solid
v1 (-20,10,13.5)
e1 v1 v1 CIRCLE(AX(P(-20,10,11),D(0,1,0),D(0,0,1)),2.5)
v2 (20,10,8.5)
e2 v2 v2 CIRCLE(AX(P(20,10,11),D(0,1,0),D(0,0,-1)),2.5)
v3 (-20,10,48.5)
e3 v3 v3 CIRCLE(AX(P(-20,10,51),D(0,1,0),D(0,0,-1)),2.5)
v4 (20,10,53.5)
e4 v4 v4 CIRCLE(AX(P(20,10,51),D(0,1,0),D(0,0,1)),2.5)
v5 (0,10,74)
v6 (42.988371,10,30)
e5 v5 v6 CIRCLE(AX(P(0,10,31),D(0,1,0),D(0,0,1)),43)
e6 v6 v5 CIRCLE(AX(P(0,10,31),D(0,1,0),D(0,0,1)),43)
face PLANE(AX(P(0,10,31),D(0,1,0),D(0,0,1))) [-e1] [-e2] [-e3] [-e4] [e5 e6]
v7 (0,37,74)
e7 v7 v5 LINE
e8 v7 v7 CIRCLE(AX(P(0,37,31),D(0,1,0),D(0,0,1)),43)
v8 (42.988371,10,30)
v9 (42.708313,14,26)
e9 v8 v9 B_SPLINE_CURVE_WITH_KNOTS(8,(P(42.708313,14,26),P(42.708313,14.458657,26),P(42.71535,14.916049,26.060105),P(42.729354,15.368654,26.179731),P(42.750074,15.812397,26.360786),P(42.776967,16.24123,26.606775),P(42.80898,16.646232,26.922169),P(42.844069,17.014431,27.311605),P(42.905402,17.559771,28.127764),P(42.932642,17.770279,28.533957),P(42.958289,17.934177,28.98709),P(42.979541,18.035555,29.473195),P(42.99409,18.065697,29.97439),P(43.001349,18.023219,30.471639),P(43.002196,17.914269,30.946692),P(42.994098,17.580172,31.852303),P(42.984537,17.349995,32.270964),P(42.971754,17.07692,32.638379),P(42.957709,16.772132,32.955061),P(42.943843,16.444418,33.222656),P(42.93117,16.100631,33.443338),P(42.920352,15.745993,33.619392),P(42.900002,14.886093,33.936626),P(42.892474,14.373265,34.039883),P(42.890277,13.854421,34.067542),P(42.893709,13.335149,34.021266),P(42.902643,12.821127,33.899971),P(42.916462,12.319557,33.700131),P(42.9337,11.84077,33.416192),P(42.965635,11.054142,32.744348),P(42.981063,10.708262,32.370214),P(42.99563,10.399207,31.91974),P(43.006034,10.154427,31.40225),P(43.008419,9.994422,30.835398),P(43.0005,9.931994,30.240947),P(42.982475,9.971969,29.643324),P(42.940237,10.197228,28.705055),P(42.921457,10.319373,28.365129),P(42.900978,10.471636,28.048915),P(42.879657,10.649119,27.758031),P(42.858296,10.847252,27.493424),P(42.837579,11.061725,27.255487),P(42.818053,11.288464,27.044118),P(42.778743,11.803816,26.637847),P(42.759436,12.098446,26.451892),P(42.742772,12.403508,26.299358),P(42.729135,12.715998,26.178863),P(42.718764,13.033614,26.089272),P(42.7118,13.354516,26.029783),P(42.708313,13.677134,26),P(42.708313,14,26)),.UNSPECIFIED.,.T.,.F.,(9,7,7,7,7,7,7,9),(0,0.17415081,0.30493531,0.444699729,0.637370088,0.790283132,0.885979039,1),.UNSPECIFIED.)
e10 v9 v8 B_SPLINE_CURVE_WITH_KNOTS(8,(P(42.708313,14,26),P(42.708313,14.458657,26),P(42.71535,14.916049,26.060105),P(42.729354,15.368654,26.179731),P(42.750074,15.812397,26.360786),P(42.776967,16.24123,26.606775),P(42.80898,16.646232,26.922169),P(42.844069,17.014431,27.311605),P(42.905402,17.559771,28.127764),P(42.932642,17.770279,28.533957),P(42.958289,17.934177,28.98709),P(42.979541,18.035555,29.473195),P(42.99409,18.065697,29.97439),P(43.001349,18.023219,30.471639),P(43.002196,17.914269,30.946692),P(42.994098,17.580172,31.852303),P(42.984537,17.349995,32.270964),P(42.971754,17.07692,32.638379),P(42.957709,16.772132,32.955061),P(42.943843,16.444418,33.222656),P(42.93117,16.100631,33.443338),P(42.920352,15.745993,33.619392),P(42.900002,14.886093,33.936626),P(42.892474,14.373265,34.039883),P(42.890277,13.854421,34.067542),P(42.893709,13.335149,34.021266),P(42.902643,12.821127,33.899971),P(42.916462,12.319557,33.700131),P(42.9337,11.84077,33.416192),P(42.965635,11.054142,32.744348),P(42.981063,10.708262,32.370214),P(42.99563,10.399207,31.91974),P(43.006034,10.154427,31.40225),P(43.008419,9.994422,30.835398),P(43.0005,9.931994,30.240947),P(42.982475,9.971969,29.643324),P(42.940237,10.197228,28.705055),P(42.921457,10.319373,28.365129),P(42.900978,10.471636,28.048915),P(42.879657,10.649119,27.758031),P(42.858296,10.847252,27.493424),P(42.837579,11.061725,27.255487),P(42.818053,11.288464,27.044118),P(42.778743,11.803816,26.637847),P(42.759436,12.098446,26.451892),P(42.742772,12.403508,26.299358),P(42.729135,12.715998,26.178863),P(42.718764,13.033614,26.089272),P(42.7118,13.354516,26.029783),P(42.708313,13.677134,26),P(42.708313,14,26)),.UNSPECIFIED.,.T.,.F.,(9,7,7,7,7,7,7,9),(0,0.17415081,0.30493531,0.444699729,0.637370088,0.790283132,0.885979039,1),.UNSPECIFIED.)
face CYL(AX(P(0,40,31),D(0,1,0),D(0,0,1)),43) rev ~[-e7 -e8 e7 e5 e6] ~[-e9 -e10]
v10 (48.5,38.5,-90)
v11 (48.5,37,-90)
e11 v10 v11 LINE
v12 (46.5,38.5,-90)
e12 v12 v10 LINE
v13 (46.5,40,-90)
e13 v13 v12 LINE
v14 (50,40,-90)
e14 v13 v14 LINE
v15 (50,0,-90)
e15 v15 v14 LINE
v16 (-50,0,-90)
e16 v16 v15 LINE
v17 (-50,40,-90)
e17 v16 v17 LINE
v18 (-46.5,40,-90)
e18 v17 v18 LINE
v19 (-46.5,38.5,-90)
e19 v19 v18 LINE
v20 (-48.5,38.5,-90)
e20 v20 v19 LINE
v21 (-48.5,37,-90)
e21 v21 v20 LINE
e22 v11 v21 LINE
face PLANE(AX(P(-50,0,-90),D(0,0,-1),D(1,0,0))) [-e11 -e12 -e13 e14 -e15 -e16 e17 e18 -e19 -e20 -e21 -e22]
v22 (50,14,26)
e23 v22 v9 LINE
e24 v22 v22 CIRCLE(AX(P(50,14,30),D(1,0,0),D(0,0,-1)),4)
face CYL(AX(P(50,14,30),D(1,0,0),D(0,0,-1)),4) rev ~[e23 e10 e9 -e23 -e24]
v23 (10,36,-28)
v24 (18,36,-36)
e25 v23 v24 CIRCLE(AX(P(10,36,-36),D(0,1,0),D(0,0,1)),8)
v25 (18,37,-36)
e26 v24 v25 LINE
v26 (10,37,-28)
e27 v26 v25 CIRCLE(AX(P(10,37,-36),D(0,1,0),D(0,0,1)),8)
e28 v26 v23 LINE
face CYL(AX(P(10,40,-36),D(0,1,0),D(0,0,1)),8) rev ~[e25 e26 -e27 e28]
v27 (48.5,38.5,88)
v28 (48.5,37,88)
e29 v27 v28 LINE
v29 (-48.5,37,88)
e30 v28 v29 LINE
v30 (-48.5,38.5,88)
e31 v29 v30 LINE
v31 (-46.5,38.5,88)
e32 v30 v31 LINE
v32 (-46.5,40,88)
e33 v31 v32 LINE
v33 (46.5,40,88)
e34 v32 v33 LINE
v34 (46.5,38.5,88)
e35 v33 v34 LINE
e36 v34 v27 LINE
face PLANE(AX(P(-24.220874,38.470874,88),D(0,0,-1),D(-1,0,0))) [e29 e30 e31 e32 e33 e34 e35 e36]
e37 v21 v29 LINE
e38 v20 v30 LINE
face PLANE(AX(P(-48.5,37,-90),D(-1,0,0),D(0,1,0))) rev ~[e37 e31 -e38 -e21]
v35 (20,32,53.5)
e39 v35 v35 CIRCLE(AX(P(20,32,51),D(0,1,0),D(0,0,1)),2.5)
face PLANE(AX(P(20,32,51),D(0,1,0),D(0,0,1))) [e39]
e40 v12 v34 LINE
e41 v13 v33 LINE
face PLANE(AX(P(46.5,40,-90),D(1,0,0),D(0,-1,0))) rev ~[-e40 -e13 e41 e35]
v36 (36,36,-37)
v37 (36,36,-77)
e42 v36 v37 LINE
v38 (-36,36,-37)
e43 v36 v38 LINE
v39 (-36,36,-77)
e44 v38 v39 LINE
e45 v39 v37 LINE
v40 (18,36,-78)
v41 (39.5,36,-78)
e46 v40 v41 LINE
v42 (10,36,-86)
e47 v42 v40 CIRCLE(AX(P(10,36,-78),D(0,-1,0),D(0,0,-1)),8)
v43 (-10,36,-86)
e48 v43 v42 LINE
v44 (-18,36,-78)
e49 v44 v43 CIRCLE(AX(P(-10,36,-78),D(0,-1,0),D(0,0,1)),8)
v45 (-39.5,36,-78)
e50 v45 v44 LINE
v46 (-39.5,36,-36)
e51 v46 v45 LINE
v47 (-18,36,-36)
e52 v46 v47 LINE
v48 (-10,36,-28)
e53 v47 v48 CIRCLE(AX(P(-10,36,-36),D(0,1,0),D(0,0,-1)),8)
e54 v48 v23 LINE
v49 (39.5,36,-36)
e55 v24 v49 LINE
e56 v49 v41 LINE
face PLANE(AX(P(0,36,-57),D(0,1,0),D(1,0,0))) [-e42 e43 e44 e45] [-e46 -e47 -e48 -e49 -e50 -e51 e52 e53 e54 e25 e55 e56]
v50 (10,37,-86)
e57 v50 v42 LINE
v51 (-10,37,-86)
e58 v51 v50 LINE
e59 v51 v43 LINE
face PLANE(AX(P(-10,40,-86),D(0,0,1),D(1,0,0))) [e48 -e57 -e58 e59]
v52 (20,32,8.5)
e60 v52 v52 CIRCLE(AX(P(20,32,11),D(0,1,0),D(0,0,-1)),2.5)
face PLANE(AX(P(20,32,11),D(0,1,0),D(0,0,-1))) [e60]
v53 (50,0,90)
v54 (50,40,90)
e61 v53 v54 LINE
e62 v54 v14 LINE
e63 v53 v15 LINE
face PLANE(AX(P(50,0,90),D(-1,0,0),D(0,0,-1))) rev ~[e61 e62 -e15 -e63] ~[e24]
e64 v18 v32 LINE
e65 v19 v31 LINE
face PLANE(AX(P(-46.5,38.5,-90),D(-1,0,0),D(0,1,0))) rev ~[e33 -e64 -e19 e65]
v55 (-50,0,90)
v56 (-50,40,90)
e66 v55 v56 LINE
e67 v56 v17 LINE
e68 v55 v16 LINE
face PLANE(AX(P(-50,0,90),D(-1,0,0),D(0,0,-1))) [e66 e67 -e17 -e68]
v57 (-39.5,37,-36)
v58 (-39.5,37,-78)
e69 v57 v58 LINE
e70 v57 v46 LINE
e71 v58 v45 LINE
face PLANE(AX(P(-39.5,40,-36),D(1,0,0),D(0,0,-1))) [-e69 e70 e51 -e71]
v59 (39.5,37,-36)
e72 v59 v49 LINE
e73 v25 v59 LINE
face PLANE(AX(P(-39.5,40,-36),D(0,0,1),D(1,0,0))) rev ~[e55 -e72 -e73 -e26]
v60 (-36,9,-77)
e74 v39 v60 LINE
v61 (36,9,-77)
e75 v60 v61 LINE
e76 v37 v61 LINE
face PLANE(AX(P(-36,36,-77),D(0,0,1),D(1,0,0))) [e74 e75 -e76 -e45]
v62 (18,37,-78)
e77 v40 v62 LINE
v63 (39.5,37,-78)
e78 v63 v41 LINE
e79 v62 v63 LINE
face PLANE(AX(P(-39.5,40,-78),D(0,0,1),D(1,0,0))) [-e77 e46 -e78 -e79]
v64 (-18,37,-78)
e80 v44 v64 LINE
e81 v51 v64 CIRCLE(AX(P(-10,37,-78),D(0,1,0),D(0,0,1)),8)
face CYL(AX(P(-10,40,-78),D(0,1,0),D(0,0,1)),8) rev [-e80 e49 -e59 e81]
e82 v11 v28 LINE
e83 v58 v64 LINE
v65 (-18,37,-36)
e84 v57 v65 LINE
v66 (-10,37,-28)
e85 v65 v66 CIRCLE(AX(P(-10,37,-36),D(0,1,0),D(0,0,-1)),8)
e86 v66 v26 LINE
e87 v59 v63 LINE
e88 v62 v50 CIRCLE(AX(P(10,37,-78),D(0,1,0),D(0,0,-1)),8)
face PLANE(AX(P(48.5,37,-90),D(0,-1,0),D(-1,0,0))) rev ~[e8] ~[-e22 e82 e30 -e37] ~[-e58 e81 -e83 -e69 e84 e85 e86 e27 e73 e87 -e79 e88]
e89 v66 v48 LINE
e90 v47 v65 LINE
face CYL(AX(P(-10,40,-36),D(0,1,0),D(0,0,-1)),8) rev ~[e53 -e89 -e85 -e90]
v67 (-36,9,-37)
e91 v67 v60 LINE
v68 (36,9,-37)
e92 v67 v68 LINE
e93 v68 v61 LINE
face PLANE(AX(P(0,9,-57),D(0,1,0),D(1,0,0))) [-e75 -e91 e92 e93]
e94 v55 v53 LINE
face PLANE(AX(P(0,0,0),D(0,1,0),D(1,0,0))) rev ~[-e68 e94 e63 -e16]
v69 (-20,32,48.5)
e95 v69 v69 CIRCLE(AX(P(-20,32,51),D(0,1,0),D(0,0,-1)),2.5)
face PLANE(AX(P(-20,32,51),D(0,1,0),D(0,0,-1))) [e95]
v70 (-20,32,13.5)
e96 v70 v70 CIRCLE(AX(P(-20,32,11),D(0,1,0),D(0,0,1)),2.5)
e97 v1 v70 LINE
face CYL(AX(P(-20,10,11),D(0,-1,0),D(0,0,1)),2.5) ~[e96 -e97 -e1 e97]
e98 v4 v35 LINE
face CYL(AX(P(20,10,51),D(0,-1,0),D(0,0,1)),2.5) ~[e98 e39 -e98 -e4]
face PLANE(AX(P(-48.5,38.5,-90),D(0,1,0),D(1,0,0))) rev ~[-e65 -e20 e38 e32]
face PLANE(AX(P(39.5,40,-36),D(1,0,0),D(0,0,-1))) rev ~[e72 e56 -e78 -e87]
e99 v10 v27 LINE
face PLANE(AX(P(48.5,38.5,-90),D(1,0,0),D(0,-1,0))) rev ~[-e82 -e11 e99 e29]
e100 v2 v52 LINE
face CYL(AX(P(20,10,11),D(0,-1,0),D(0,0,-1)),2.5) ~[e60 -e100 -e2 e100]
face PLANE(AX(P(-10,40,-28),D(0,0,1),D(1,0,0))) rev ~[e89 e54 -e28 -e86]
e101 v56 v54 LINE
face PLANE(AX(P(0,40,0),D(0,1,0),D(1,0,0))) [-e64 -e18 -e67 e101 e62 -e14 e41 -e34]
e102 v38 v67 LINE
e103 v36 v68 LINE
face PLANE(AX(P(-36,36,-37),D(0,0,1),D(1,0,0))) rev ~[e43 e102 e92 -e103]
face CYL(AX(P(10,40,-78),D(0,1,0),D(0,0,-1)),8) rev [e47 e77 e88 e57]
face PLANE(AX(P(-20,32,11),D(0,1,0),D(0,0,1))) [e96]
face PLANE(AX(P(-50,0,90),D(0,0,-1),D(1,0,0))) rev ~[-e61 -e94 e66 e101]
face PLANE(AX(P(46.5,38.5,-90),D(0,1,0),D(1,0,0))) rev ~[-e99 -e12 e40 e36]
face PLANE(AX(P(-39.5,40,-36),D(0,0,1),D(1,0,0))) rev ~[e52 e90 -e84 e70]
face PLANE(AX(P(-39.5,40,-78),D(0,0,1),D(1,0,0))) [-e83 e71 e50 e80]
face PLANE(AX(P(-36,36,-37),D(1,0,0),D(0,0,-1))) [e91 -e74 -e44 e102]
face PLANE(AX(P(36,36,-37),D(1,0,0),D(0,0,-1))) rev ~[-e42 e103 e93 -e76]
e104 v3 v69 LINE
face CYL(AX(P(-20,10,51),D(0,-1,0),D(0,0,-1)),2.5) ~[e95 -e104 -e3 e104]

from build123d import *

# Parameters (mm, degrees)
SKETCH_1_W               = 100
SKETCH_1_H               = 180
EXTRUDE_1_DEPTH          = 40
SKETCH_2_W               = 79
SKETCH_2_H               = 42
CUT_EXTRUDE_1_DEPTH      = 4
SKETCH_3_W               = 72
SKETCH_3_H               = 40
CUT_EXTRUDE_2_DEPTH      = 27
SKETCH_2_3_R             = 43
CUT_EXTRUDE_3_DEPTH      = 30
CUT_EXTRUDE_4_REACH      = 142.357
CUT_EXTRUDE_4_END_RADIUS = 43
SKETCH_4_R               = 4
SKETCH_5_R               = 2.5
EXTRUDE_2_DEPTH          = 22
CUT_EXTRUDE_5_DEPTH      = 4
CUT_EXTRUDE_6_DEPTH      = 178


with BuildPart() as part:
    # 草图1 → 凸台-拉伸1 (new body)
    with BuildSketch(Plane(origin=(0, 0, 0), x_dir=(1, 0, 0), z_dir=(0, 1, 0))):
        Rectangle(SKETCH_1_W, SKETCH_1_H)
    extrude(amount=EXTRUDE_1_DEPTH)

    # 草图2 → 切除-拉伸1 (cut)
    with BuildSketch(Plane(origin=(0, 40, 0), x_dir=(1, 0, 0), z_dir=(0, 1, 0))):
        with Locations((0, 57)):
            Rectangle(SKETCH_2_W, SKETCH_2_H)
    extrude(amount=-CUT_EXTRUDE_1_DEPTH, mode=Mode.SUBTRACT)

    # 草图3 → 切除-拉伸2 (cut)
    with BuildSketch(Plane(origin=(0, 36, 0), x_dir=(1, 0, 0), z_dir=(0, 1, 0))):
        with Locations((0, 57)):
            Rectangle(SKETCH_3_W, SKETCH_3_H)
    extrude(amount=-CUT_EXTRUDE_2_DEPTH, mode=Mode.SUBTRACT)

    # 草图2<3> → 切除-拉伸3 (cut)
    with BuildSketch(Plane(origin=(0, 40, 0), x_dir=(1, 0, 0), z_dir=(0, 1, 0))):
        with Locations(Location((0, -31, 0), (0, 0, 270))):
            Circle(SKETCH_2_3_R)
    extrude(amount=-CUT_EXTRUDE_3_DEPTH, mode=Mode.SUBTRACT)

    # 切除-拉伸4: up to this cylinder (the profile starts outside it)
    cut_extrude_4_end = Plane(origin=(0, 14, 31), z_dir=(0, 1, 0)) * Cylinder(CUT_EXTRUDE_4_END_RADIUS, 371.714, mode=Mode.PRIVATE)
    # 草图4 → 切除-拉伸4 (cut, up to the surface)
    with BuildSketch(Plane(origin=(50, 0, 0), x_dir=(0, 0, -1), z_dir=(1, 0, 0)), mode=Mode.PRIVATE) as cut_extrude_4_sk1:
        with Locations((-30, 14)):
            Circle(SKETCH_4_R)
    cut_extrude_4_tool1 = extrude(cut_extrude_4_sk1.sketch, amount=-CUT_EXTRUDE_4_REACH, mode=Mode.PRIVATE) - cut_extrude_4_end
    add(cut_extrude_4_tool1.solids().sort_by_distance((50, 14, 30))[0], mode=Mode.SUBTRACT)

    # 草图5 → 凸台-拉伸2 (add)
    with BuildSketch(Plane(origin=(0, 10, 0), x_dir=(1, 0, 0), z_dir=(0, 1, 0))):
        with Locations(Location((-20, -11, 0), (0, 0, 270))):
            Circle(SKETCH_5_R)
        with Locations(Location((20, -11, 0), (0, 0, 90))):
            Circle(SKETCH_5_R)
        with Locations(Location((-20, -51, 0), (0, 0, 90))):
            Circle(SKETCH_5_R)
        with Locations(Location((20, -51, 0), (0, 0, 270))):
            Circle(SKETCH_5_R)
    extrude(amount=EXTRUDE_2_DEPTH)

    # 草图6 → 切除-拉伸5 (cut)
    with BuildSketch(Plane(origin=(0, 40, 0), x_dir=(1, 0, 0), z_dir=(0, 1, 0))):
        with BuildLine():
            Line((-10, 86), (10, 86))
            ThreePointArc((10, 86), (18, 78), (10, 70))
            Line((10, 70), (-10, 70))
            ThreePointArc((-10, 70), (-18, 78), (-10, 86))
        make_face()
        with BuildLine():
            Line((-10, 28), (10, 28))
            ThreePointArc((10, 28), (18, 36), (10, 44))
            Line((10, 44), (-10, 44))
            ThreePointArc((-10, 44), (-18, 36), (-10, 28))
        make_face()
    extrude(amount=-CUT_EXTRUDE_5_DEPTH, mode=Mode.SUBTRACT)

    # 草图8 → 切除-拉伸6 (cut)
    with BuildSketch(Plane(origin=(0, 0, -90), x_dir=(-1, 0, 0), z_dir=(0, 0, -1))):
        Polygon((0, 40), (0, 37), (48.5, 37), (48.5, 38.5), (46.5, 38.5), (46.5, 40), align=None)
        Polygon((-48.5, 37), (0, 37), (0, 40), (-46.5, 40), (-46.5, 38.5), (-48.5, 38.5), align=None)
    extrude(amount=-CUT_EXTRUDE_6_DEPTH, mode=Mode.SUBTRACT)


solid = part.part
